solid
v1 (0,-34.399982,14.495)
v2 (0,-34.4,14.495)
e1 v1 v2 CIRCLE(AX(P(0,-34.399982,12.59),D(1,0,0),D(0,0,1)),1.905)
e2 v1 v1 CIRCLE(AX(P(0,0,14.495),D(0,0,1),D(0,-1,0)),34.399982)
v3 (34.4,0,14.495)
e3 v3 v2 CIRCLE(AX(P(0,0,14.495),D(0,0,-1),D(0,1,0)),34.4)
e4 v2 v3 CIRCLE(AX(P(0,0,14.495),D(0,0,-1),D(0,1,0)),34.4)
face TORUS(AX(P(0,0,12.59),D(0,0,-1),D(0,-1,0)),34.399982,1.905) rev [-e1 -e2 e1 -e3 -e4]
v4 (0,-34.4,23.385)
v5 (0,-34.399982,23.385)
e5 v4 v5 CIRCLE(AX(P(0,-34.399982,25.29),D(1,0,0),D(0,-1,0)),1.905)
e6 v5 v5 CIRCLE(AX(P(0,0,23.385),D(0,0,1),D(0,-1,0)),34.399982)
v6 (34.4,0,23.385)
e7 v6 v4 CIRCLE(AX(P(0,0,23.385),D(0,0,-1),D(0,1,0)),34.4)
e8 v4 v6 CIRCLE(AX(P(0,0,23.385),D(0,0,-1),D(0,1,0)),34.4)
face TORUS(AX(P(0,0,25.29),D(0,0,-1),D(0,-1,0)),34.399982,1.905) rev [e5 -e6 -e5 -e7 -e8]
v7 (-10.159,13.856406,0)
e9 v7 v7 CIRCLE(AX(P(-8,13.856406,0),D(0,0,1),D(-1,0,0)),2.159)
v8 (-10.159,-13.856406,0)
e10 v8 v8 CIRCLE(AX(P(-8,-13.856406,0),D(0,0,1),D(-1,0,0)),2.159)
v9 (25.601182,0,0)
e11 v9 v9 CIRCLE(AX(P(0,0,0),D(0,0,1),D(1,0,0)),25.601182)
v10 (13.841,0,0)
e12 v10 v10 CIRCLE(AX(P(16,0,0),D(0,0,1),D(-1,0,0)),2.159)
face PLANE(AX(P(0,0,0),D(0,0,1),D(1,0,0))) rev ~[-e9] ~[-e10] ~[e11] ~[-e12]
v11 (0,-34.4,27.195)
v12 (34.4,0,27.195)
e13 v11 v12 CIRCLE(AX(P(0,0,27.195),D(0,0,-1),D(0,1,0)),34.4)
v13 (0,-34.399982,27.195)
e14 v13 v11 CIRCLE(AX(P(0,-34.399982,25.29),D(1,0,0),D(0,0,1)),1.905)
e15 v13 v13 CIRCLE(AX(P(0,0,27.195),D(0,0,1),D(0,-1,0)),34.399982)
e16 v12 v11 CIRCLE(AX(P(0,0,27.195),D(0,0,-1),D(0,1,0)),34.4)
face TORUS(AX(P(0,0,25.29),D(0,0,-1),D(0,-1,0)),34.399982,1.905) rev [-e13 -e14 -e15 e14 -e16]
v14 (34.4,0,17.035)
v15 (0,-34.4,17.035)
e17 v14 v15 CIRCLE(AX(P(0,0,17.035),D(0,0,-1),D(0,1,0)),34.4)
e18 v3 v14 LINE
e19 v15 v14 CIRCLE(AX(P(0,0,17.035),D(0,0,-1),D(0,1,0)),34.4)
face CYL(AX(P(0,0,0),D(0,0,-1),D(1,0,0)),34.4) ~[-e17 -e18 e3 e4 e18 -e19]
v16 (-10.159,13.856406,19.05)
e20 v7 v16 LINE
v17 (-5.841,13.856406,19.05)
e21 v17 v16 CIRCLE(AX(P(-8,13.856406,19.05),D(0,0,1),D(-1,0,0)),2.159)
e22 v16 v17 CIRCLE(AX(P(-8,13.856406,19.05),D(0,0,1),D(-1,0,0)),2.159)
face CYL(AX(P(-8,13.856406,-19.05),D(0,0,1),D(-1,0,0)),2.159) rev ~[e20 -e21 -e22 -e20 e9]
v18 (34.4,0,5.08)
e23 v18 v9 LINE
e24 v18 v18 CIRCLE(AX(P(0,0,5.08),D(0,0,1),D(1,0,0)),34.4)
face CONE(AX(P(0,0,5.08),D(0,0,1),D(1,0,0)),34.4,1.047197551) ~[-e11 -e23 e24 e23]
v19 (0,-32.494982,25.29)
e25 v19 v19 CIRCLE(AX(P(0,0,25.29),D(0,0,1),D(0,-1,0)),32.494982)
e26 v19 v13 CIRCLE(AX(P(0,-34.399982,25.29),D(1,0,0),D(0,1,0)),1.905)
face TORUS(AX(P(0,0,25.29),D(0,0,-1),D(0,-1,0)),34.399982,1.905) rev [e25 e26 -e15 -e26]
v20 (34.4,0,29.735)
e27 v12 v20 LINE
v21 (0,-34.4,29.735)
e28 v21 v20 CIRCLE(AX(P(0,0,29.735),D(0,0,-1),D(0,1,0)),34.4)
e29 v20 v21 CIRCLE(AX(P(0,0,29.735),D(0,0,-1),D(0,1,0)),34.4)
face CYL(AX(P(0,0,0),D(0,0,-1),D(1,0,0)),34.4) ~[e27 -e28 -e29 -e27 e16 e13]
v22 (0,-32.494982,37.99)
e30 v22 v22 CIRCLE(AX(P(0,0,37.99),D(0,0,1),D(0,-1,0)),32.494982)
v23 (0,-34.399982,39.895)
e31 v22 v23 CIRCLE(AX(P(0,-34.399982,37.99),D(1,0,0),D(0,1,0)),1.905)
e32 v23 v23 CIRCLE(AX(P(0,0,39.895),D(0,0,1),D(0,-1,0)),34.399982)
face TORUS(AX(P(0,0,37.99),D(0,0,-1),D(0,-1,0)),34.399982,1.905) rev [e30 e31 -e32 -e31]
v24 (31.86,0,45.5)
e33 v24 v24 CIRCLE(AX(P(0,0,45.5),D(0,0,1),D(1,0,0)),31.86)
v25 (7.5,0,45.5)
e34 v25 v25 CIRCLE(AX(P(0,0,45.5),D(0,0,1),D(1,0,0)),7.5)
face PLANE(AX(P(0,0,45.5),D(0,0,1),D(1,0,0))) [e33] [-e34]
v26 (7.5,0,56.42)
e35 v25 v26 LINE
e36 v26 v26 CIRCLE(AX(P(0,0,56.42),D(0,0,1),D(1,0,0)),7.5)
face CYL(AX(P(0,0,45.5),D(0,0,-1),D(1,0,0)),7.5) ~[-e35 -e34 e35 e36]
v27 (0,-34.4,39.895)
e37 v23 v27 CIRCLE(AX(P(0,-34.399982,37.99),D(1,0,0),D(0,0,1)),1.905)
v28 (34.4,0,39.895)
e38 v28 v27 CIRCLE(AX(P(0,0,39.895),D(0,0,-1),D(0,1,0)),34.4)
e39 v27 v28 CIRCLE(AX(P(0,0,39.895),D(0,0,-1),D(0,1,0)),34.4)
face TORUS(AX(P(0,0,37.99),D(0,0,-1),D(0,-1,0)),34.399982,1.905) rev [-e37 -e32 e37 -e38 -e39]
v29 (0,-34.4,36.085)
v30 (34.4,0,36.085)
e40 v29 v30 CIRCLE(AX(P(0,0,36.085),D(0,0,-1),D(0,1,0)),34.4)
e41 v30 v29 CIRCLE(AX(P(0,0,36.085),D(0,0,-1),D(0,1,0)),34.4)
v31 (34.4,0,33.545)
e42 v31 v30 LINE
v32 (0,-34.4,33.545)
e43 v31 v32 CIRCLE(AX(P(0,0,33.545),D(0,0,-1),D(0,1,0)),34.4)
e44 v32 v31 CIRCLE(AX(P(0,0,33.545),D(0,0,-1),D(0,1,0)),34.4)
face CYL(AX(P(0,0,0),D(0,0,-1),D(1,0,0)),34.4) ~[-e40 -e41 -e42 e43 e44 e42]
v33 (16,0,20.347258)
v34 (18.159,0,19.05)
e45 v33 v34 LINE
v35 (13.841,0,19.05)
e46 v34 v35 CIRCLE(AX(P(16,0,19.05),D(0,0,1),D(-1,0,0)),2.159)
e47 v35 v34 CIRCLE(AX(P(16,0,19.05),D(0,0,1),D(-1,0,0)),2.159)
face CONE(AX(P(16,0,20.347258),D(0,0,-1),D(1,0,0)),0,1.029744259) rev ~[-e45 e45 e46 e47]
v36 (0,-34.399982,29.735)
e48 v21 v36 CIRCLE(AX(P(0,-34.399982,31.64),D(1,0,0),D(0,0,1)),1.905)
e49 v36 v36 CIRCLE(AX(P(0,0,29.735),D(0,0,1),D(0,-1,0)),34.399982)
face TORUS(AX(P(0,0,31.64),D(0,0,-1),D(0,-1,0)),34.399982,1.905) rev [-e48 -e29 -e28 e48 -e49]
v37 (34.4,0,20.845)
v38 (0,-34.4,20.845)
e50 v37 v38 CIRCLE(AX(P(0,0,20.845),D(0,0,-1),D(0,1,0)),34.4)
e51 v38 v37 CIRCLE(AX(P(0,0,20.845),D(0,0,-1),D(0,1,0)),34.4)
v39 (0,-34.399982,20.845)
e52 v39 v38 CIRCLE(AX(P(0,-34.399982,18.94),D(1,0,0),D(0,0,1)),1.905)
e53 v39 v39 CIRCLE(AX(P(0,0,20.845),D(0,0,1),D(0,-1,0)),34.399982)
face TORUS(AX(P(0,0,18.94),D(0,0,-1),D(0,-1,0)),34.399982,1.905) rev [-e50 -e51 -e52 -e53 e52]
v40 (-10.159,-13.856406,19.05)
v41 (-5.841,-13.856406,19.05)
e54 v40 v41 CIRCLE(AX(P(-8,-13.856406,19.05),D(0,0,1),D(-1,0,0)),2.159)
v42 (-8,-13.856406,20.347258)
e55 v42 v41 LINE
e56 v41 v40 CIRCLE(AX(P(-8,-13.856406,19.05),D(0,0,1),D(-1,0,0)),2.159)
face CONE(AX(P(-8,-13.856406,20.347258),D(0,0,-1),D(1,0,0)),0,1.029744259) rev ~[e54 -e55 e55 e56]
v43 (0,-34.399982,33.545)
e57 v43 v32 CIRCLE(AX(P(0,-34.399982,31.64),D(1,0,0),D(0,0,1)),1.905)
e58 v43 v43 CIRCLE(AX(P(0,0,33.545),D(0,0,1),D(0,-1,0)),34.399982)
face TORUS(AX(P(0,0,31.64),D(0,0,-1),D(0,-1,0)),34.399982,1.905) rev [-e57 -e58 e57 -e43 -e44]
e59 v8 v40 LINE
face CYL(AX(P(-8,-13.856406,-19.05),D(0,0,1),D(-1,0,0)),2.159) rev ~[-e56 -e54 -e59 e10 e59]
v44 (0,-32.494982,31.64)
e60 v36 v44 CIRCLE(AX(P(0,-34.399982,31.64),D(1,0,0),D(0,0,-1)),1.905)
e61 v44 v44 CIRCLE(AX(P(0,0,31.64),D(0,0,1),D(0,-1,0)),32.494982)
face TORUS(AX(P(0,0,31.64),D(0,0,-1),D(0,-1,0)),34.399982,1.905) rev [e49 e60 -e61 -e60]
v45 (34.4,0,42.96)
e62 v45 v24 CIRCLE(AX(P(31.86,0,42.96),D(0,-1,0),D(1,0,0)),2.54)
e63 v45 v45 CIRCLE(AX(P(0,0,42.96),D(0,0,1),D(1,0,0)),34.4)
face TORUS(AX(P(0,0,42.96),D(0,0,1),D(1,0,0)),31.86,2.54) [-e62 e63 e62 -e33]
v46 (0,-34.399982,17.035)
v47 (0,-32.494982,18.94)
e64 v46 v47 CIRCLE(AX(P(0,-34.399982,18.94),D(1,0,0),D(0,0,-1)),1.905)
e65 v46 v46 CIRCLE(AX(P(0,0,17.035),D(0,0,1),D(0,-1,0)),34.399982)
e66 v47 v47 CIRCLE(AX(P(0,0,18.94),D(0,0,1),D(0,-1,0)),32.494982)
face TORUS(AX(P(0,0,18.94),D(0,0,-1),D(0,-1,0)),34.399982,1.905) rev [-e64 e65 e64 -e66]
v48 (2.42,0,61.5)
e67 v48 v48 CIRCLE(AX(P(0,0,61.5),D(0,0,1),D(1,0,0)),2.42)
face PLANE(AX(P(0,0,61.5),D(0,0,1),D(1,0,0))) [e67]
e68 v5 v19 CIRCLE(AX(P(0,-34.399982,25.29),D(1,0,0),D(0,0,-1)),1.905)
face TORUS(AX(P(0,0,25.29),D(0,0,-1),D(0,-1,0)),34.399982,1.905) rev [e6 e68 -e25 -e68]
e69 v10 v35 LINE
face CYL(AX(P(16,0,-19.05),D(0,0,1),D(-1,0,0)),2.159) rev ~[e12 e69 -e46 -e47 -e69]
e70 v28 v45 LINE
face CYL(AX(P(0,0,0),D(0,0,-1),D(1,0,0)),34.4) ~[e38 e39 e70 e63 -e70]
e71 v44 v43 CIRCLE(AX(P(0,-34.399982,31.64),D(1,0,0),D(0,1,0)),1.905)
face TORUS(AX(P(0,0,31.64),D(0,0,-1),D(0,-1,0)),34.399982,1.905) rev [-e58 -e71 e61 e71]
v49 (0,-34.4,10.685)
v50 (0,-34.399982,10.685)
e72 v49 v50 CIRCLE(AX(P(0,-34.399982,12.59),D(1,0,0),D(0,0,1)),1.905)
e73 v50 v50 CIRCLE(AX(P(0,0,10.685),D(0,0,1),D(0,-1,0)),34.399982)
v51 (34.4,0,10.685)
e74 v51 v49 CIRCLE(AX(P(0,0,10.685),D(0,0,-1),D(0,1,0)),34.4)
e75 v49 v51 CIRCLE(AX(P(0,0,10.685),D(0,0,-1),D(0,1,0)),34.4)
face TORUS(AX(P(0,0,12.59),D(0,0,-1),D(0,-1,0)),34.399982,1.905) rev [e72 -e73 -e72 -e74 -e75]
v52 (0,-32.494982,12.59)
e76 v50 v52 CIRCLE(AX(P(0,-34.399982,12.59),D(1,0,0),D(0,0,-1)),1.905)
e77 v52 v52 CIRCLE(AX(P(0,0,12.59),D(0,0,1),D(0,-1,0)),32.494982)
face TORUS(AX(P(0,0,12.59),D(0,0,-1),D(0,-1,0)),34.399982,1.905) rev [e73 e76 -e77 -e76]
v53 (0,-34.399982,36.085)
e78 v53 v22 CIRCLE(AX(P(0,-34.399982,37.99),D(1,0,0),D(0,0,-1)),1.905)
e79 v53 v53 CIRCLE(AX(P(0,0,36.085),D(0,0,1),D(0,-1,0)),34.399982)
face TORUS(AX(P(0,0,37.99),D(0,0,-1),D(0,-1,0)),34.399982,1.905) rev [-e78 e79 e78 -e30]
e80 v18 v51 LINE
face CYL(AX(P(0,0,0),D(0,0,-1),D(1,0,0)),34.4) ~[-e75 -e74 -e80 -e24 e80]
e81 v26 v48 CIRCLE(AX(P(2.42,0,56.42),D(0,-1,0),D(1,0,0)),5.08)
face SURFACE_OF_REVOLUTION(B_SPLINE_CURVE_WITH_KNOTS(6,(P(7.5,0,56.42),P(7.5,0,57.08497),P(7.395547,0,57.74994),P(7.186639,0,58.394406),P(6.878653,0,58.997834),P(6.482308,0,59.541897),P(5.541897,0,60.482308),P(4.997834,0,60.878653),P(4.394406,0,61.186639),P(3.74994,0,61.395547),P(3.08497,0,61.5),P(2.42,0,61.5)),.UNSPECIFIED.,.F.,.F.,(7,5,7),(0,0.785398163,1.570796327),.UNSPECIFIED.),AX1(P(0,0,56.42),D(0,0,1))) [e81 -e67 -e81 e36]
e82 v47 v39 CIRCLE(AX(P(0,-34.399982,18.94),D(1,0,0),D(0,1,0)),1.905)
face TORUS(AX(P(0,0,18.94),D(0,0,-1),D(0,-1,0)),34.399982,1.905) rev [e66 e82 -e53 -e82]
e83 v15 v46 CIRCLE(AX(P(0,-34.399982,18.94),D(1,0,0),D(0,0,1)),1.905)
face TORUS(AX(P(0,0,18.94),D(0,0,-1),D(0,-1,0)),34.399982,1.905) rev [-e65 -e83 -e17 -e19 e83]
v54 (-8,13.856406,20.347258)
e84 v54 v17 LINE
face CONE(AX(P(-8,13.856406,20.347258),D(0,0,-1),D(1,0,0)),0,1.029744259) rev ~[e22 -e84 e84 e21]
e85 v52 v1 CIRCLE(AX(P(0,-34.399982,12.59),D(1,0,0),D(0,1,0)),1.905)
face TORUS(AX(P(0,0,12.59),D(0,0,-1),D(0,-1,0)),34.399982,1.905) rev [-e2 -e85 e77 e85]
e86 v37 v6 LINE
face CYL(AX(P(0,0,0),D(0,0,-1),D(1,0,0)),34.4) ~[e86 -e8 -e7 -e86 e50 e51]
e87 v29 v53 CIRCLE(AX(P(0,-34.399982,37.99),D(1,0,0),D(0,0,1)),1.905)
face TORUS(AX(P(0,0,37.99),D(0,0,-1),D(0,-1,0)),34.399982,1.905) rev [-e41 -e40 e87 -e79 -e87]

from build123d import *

# Parameters (mm, degrees)
F0_R     = 34.4
F1_DEPTH = 45.5
F2_R     = 7.5
F3_DEPTH = 16
F5_D     = 4.318
F5_DEPTH = 19.05
F5_TIP   = 1.2972580765
F6_SIZE2 = 8.7988181024
F6_SIZE  = 5.08
F9_R     = 2.54
F10_R    = 5.08


with BuildPart() as f1:
    # F0 (on Top) → F1 (new body)
    with BuildSketch(Plane.XY):
        Circle(F0_R)
    extrude(amount=F1_DEPTH)

    # F2 (on face) → F3 (join)
    with BuildSketch(Plane.XY.offset(45.5)):
        Circle(F2_R)
    extrude(amount=F3_DEPTH)

    # F5
    with Locations(Plane(origin=(0, 0, 0), x_dir=(1, 0, 0), z_dir=(0, 0, -1))):
        with Locations((-8, 13.8564064606), (16, 0), (-8, -13.8564064606)):
            Hole(F5_D / 2, depth=F5_DEPTH)
            with Locations((0, 0, -(F5_DEPTH + F5_TIP / 2))):  # 118° drill point
                Cone(0, F5_D / 2, F5_TIP, mode=Mode.SUBTRACT)

    # F6
    f6_edges = [f1.edges().sort_by_distance(p)[0] for p in [
        (-34.4, 0, 0),
    ]]
    f6_side = f1.faces().sort_by_distance((-34.4, 0, 22.75))[0]
    chamfer(f6_edges, length=F6_SIZE, length2=F6_SIZE2, reference=f6_side)

    # F7 (on Right) → F8 (revolve, cut)
    with BuildSketch(Plane.YZ):
        with BuildLine():
            ThreePointArc((-34.399982, 14.495), (-36.304982, 12.59), (-34.399982, 10.685))
            Line((-34.399982, 10.685), (-34.399982, 14.495))
        make_face()
        with BuildLine():
            ThreePointArc((-34.399982, 39.895), (-36.304982, 37.99), (-34.399982, 36.085))
            Line((-34.399982, 36.085), (-34.399982, 37.99))
            Line((-34.399982, 37.99), (-34.399982, 39.895))
        make_face()
        with BuildLine():
            Line((-34.399982, 37.99), (-34.399982, 36.085))
            ThreePointArc((-34.399982, 36.085), (-33.0529435818, 36.6429615818), (-32.494982, 37.99))
            ThreePointArc((-32.494982, 37.99), (-33.0529435818, 39.3370384182), (-34.399982, 39.895))
            Line((-34.399982, 39.895), (-34.399982, 37.99))
        make_face()
        with BuildLine():
            ThreePointArc((-34.399982, 33.545), (-36.304982, 31.64), (-34.399982, 29.735))
            Line((-34.399982, 29.735), (-34.399982, 31.64))
            Line((-34.399982, 31.64), (-34.399982, 33.545))
        make_face()
        with BuildLine():
            Line((-34.399982, 31.64), (-34.399982, 29.735))
            ThreePointArc((-34.399982, 29.735), (-33.0529435818, 30.2929615818), (-32.494982, 31.64))
            ThreePointArc((-32.494982, 31.64), (-33.0529435818, 32.9870384182), (-34.399982, 33.545))
            Line((-34.399982, 33.545), (-34.399982, 31.64))
        make_face()
        with BuildLine():
            ThreePointArc((-36.304982, 25.29), (-35.7470204182, 23.9429615818), (-34.399982, 23.385))
            Line((-34.399982, 23.385), (-34.399982, 25.29))
            Line((-34.399982, 25.29), (-36.304982, 25.29))
        make_face()
        with BuildLine():
            Line((-34.399982, 25.29), (-34.399982, 23.385))
            ThreePointArc((-34.399982, 23.385), (-33.0529435818, 23.9429615818), (-32.494982, 25.29))
            ThreePointArc((-32.494982, 25.29), (-33.0529435818, 26.6370384182), (-34.399982, 27.195))
            Line((-34.399982, 27.195), (-34.399982, 25.29))
        make_face()
        with BuildLine():
            ThreePointArc((-34.399982, 20.845), (-36.304982, 18.94), (-34.399982, 17.035))
            Line((-34.399982, 17.035), (-34.399982, 20.845))
        make_face()
        with BuildLine():
            Line((-34.399982, 20.845), (-34.399982, 17.035))
            ThreePointArc((-34.399982, 17.035), (-33.0529435818, 17.5929615818), (-32.494982, 18.94))
            ThreePointArc((-32.494982, 18.94), (-33.0529435818, 20.2870384182), (-34.399982, 20.845))
        make_face()
        with BuildLine():
            Line((-34.399982, 14.495), (-34.399982, 10.685))
            ThreePointArc((-34.399982, 10.685), (-33.0529435818, 11.2429615818), (-32.494982, 12.59))
            ThreePointArc((-32.494982, 12.59), (-33.0529435818, 13.9370384182), (-34.399982, 14.495))
        make_face()
        with BuildLine():
            Line((-36.304982, 25.29), (-34.399982, 25.29))
            Line((-34.399982, 25.29), (-34.399982, 27.195))
            ThreePointArc((-34.399982, 27.195), (-35.7470204182, 26.6370384182), (-36.304982, 25.29))
        make_face()
    revolve(axis=Axis((0, 0, 9.5272567123), (0, 0, 1)), mode=Mode.SUBTRACT)

    # F9
    f9_edges = [f1.edges().sort_by_distance(p)[0] for p in [
        (-34.4, 0, 45.5),
    ]]
    fillet(f9_edges, radius=F9_R)

    # F10
    f10_edges = [f1.edges().sort_by_distance(p)[0] for p in [
        (-7.5, 0, 61.5),
    ]]
    fillet(f10_edges, radius=F10_R)


solid = f1.part
